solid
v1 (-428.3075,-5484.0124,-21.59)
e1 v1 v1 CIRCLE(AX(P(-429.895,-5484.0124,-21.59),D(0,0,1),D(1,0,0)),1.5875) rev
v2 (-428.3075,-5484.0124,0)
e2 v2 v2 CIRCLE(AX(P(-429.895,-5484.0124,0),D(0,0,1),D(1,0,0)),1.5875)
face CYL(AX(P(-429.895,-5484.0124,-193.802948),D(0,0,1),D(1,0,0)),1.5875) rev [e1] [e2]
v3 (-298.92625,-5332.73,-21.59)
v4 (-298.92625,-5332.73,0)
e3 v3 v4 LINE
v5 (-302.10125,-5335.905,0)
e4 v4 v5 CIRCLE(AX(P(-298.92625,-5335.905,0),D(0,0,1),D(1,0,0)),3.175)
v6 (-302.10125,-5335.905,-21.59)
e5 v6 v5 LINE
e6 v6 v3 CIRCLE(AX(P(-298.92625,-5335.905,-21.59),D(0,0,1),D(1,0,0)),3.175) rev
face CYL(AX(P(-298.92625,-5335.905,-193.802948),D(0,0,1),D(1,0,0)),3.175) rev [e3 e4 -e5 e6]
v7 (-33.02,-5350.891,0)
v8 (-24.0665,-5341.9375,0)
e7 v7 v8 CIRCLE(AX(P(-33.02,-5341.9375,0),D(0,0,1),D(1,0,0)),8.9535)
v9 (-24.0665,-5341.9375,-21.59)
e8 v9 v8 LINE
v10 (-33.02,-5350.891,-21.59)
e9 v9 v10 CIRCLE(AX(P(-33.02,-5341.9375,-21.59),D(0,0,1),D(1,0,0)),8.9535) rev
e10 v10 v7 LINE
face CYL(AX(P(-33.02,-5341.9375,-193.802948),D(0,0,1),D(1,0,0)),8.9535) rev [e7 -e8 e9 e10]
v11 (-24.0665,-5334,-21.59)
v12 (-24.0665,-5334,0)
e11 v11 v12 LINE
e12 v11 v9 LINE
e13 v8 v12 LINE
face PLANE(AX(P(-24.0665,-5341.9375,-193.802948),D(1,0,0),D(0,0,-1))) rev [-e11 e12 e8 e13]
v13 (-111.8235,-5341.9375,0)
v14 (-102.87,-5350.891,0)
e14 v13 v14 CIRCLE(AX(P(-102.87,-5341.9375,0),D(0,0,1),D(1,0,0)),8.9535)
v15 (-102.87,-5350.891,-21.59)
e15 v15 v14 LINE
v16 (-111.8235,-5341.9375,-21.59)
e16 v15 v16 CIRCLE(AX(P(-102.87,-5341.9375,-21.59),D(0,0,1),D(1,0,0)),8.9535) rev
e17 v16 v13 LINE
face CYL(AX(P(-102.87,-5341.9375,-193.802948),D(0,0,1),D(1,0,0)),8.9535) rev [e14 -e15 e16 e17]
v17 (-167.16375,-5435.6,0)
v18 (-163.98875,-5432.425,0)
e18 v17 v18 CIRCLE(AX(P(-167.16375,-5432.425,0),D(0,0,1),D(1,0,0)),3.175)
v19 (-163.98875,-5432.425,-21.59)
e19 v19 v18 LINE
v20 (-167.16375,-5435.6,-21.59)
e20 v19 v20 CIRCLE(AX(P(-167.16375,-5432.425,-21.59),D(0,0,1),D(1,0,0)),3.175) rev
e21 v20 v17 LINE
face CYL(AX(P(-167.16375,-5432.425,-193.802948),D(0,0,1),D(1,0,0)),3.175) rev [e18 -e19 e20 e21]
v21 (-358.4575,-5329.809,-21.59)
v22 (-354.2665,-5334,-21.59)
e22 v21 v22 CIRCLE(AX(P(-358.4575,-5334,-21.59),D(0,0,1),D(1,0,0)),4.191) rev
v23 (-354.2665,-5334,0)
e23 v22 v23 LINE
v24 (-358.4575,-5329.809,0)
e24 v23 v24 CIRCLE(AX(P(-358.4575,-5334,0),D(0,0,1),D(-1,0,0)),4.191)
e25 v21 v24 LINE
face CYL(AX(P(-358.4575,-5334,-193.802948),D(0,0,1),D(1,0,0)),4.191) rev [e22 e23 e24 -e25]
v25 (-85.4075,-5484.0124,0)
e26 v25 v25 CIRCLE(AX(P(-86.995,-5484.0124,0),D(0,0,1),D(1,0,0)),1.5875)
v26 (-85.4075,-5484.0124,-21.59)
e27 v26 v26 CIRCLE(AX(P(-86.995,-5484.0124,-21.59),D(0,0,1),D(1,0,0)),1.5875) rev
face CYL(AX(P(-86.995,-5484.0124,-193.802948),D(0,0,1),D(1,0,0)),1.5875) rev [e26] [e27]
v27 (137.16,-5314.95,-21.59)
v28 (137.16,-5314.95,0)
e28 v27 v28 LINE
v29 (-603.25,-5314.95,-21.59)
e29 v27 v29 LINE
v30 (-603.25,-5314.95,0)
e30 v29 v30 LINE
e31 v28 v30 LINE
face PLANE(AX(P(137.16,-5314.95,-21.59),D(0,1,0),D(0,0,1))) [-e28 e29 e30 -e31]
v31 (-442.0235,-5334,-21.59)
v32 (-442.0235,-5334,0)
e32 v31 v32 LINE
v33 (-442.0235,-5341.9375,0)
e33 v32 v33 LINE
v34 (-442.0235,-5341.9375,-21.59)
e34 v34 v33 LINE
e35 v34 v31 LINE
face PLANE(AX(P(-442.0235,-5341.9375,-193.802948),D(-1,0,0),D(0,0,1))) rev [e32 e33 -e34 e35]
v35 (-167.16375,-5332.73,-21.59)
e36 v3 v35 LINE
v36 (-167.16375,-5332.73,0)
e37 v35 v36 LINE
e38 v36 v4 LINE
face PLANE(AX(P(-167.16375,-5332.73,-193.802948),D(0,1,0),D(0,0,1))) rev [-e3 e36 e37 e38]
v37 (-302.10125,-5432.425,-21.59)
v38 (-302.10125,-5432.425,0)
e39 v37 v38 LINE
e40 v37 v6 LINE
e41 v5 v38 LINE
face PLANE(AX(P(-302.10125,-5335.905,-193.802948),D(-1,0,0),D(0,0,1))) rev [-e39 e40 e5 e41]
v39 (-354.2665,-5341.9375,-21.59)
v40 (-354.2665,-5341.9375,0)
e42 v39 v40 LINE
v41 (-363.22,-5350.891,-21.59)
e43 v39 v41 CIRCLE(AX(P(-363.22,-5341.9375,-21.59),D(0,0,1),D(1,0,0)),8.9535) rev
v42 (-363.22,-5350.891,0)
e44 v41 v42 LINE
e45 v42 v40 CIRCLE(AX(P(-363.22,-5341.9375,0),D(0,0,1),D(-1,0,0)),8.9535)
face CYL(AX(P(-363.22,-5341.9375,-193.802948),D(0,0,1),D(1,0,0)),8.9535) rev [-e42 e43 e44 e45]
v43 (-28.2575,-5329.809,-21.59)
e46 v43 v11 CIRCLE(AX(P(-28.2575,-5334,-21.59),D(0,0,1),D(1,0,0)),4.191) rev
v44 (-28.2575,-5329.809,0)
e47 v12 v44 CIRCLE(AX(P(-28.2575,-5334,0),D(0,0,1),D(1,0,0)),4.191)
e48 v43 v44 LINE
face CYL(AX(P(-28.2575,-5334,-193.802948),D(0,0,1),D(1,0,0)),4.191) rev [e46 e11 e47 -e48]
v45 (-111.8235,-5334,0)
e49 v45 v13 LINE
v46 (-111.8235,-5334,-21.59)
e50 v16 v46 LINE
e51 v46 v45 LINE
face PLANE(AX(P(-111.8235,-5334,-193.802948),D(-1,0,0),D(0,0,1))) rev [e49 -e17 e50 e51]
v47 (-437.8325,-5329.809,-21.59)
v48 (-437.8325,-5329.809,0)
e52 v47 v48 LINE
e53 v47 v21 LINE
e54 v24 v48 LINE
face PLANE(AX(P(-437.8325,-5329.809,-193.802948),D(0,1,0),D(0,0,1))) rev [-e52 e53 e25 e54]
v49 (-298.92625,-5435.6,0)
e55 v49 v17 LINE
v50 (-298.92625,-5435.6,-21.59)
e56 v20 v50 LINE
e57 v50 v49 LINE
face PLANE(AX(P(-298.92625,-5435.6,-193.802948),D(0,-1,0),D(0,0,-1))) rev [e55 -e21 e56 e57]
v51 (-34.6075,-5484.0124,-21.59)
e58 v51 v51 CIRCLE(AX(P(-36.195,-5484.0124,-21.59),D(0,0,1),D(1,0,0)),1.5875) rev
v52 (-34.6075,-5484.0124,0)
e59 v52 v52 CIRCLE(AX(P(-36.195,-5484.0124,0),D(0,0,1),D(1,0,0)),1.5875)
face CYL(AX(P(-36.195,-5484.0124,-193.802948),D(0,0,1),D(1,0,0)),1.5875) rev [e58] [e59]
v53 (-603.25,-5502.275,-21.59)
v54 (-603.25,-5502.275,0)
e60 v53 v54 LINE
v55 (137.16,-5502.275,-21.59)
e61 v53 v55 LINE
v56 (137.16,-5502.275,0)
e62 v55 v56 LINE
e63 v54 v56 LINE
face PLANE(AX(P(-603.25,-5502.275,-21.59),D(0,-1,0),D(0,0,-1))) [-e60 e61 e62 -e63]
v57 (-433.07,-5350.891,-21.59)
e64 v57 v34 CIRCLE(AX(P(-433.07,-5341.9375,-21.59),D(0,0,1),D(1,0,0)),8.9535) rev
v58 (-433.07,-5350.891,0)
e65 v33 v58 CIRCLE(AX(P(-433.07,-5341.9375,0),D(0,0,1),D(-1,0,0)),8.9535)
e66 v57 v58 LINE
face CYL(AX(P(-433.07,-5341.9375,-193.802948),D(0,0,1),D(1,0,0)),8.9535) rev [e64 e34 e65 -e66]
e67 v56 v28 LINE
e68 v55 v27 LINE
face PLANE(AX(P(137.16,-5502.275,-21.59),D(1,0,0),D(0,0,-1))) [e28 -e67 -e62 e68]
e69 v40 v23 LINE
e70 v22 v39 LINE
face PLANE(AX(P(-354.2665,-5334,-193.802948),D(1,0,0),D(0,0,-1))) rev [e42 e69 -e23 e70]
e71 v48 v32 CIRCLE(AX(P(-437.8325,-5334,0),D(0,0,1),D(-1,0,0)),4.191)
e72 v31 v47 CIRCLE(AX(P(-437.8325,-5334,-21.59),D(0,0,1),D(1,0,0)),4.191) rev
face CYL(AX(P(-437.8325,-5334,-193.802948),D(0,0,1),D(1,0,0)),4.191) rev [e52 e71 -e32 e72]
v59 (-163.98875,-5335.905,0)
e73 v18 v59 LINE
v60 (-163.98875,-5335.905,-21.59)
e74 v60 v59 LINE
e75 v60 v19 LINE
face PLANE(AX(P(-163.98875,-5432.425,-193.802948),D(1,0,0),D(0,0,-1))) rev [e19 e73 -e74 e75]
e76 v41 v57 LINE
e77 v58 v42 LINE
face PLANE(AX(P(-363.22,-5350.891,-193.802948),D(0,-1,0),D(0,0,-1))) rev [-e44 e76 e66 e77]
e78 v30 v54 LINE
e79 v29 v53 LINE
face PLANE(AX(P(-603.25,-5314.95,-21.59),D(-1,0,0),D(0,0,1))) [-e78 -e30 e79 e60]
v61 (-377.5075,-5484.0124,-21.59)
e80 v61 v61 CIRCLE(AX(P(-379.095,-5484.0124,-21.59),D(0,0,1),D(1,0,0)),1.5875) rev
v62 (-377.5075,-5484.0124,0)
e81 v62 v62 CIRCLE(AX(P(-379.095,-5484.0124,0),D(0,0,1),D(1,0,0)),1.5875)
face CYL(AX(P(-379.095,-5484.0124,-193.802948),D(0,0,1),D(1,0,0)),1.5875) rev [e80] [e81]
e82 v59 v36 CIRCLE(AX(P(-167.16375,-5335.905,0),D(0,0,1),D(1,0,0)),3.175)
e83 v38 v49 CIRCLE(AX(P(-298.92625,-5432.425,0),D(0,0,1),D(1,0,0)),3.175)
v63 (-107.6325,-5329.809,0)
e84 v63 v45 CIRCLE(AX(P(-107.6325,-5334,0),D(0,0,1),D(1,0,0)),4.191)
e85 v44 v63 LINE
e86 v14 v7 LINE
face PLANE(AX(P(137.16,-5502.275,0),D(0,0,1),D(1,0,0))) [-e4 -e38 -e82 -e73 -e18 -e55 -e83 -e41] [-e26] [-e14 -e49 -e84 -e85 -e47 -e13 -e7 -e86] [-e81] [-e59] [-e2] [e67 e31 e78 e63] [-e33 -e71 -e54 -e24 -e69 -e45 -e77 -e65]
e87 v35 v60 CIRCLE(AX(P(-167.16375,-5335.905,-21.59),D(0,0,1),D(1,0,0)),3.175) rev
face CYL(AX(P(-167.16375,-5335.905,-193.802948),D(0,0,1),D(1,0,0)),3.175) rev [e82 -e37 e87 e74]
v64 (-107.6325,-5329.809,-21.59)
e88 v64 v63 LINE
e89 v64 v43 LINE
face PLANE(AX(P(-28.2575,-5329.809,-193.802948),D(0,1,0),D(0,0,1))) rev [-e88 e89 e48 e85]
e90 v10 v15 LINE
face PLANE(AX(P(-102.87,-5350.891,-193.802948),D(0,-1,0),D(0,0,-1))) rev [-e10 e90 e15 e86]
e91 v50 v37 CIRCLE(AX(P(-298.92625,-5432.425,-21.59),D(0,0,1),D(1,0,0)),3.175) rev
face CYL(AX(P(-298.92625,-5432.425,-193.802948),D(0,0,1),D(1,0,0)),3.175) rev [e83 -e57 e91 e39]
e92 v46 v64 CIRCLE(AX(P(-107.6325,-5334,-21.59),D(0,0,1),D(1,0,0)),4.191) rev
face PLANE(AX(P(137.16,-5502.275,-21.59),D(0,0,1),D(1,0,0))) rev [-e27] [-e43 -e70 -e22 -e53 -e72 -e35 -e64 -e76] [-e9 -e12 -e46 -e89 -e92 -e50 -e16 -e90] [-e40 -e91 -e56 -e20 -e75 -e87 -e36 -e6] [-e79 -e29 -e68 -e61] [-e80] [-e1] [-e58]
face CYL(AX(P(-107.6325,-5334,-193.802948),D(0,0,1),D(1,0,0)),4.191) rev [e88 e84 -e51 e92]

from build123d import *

# Parameters (mm, degrees)
SKETCH2_W          = 740.41
SKETCH2_H          = 187.325
EXTRUDE1_DEPTH     = 21.59
SKETCH3_R          = 1.5875
CUT_EXTRUDE1_DEPTH = 21.59


with BuildPart() as part:
    # Sketch2 → Extrude1 (new body)
    with BuildSketch(Plane.XY):
        with Locations((-233.045, -5408.6125)):
            Rectangle(SKETCH2_W, SKETCH2_H)
    extrude(amount=-EXTRUDE1_DEPTH)

    # Sketch3 → Cut-Extrude1 (cut)
    with BuildSketch(Plane.XY):
        with Locations((-429.895, -5484.0124)):
            Circle(SKETCH3_R)
        with Locations((-379.095, -5484.0124)):
            Circle(SKETCH3_R)
        with Locations((-86.995, -5484.0124)):
            Circle(SKETCH3_R)
        with Locations((-36.195, -5484.0124)):
            Circle(SKETCH3_R)
        with BuildLine():
            Line((-302.10125, -5335.905), (-302.10125, -5432.425))
            ThreePointArc((-302.10125, -5432.425), (-301.17131403, -5434.67006403), (-298.92625, -5435.6))
            Line((-298.92625, -5435.6), (-167.16375, -5435.6))
            ThreePointArc((-167.16375, -5435.6), (-164.91868597, -5434.67006403), (-163.98875, -5432.425))
            Line((-163.98875, -5432.425), (-163.98875, -5335.905))
            ThreePointArc((-163.98875, -5335.905), (-164.91868597, -5333.65993597), (-167.16375, -5332.73))
            Line((-167.16375, -5332.73), (-298.92625, -5332.73))
            ThreePointArc((-298.92625, -5332.73), (-301.17131403, -5333.65993597), (-302.10125, -5335.905))
        make_face()
        with BuildLine():
            Line((-354.2665, -5334), (-354.2665, -5341.9375))
            ThreePointArc((-354.2665, -5341.9375), (-356.888919435, -5348.268580565), (-363.22, -5350.891))
            Line((-363.22, -5350.891), (-433.07, -5350.891))
            ThreePointArc((-433.07, -5350.891), (-439.401080565, -5348.268580565), (-442.0235, -5341.9375))
            Line((-442.0235, -5341.9375), (-442.0235, -5334))
            ThreePointArc((-442.0235, -5334), (-440.79598452, -5331.03651548), (-437.8325, -5329.809))
            Line((-437.8325, -5329.809), (-358.4575, -5329.809))
            ThreePointArc((-358.4575, -5329.809), (-355.49401548, -5331.03651548), (-354.2665, -5334))
        make_face()
        with BuildLine():
            Line((-102.87, -5350.891), (-33.02, -5350.891))
            ThreePointArc((-33.02, -5350.891), (-26.688919435, -5348.268580565), (-24.0665, -5341.9375))
            Line((-24.0665, -5341.9375), (-24.0665, -5334))
            ThreePointArc((-24.0665, -5334), (-25.29401548, -5331.03651548), (-28.2575, -5329.809))
            Line((-28.2575, -5329.809), (-107.6325, -5329.809))
            ThreePointArc((-107.6325, -5329.809), (-110.59598452, -5331.03651548), (-111.8235, -5334))
            Line((-111.8235, -5334), (-111.8235, -5341.9375))
            ThreePointArc((-111.8235, -5341.9375), (-109.201080565, -5348.268580565), (-102.87, -5350.891))
        make_face()
    extrude(amount=-CUT_EXTRUDE1_DEPTH, mode=Mode.SUBTRACT)


solid = part.part
